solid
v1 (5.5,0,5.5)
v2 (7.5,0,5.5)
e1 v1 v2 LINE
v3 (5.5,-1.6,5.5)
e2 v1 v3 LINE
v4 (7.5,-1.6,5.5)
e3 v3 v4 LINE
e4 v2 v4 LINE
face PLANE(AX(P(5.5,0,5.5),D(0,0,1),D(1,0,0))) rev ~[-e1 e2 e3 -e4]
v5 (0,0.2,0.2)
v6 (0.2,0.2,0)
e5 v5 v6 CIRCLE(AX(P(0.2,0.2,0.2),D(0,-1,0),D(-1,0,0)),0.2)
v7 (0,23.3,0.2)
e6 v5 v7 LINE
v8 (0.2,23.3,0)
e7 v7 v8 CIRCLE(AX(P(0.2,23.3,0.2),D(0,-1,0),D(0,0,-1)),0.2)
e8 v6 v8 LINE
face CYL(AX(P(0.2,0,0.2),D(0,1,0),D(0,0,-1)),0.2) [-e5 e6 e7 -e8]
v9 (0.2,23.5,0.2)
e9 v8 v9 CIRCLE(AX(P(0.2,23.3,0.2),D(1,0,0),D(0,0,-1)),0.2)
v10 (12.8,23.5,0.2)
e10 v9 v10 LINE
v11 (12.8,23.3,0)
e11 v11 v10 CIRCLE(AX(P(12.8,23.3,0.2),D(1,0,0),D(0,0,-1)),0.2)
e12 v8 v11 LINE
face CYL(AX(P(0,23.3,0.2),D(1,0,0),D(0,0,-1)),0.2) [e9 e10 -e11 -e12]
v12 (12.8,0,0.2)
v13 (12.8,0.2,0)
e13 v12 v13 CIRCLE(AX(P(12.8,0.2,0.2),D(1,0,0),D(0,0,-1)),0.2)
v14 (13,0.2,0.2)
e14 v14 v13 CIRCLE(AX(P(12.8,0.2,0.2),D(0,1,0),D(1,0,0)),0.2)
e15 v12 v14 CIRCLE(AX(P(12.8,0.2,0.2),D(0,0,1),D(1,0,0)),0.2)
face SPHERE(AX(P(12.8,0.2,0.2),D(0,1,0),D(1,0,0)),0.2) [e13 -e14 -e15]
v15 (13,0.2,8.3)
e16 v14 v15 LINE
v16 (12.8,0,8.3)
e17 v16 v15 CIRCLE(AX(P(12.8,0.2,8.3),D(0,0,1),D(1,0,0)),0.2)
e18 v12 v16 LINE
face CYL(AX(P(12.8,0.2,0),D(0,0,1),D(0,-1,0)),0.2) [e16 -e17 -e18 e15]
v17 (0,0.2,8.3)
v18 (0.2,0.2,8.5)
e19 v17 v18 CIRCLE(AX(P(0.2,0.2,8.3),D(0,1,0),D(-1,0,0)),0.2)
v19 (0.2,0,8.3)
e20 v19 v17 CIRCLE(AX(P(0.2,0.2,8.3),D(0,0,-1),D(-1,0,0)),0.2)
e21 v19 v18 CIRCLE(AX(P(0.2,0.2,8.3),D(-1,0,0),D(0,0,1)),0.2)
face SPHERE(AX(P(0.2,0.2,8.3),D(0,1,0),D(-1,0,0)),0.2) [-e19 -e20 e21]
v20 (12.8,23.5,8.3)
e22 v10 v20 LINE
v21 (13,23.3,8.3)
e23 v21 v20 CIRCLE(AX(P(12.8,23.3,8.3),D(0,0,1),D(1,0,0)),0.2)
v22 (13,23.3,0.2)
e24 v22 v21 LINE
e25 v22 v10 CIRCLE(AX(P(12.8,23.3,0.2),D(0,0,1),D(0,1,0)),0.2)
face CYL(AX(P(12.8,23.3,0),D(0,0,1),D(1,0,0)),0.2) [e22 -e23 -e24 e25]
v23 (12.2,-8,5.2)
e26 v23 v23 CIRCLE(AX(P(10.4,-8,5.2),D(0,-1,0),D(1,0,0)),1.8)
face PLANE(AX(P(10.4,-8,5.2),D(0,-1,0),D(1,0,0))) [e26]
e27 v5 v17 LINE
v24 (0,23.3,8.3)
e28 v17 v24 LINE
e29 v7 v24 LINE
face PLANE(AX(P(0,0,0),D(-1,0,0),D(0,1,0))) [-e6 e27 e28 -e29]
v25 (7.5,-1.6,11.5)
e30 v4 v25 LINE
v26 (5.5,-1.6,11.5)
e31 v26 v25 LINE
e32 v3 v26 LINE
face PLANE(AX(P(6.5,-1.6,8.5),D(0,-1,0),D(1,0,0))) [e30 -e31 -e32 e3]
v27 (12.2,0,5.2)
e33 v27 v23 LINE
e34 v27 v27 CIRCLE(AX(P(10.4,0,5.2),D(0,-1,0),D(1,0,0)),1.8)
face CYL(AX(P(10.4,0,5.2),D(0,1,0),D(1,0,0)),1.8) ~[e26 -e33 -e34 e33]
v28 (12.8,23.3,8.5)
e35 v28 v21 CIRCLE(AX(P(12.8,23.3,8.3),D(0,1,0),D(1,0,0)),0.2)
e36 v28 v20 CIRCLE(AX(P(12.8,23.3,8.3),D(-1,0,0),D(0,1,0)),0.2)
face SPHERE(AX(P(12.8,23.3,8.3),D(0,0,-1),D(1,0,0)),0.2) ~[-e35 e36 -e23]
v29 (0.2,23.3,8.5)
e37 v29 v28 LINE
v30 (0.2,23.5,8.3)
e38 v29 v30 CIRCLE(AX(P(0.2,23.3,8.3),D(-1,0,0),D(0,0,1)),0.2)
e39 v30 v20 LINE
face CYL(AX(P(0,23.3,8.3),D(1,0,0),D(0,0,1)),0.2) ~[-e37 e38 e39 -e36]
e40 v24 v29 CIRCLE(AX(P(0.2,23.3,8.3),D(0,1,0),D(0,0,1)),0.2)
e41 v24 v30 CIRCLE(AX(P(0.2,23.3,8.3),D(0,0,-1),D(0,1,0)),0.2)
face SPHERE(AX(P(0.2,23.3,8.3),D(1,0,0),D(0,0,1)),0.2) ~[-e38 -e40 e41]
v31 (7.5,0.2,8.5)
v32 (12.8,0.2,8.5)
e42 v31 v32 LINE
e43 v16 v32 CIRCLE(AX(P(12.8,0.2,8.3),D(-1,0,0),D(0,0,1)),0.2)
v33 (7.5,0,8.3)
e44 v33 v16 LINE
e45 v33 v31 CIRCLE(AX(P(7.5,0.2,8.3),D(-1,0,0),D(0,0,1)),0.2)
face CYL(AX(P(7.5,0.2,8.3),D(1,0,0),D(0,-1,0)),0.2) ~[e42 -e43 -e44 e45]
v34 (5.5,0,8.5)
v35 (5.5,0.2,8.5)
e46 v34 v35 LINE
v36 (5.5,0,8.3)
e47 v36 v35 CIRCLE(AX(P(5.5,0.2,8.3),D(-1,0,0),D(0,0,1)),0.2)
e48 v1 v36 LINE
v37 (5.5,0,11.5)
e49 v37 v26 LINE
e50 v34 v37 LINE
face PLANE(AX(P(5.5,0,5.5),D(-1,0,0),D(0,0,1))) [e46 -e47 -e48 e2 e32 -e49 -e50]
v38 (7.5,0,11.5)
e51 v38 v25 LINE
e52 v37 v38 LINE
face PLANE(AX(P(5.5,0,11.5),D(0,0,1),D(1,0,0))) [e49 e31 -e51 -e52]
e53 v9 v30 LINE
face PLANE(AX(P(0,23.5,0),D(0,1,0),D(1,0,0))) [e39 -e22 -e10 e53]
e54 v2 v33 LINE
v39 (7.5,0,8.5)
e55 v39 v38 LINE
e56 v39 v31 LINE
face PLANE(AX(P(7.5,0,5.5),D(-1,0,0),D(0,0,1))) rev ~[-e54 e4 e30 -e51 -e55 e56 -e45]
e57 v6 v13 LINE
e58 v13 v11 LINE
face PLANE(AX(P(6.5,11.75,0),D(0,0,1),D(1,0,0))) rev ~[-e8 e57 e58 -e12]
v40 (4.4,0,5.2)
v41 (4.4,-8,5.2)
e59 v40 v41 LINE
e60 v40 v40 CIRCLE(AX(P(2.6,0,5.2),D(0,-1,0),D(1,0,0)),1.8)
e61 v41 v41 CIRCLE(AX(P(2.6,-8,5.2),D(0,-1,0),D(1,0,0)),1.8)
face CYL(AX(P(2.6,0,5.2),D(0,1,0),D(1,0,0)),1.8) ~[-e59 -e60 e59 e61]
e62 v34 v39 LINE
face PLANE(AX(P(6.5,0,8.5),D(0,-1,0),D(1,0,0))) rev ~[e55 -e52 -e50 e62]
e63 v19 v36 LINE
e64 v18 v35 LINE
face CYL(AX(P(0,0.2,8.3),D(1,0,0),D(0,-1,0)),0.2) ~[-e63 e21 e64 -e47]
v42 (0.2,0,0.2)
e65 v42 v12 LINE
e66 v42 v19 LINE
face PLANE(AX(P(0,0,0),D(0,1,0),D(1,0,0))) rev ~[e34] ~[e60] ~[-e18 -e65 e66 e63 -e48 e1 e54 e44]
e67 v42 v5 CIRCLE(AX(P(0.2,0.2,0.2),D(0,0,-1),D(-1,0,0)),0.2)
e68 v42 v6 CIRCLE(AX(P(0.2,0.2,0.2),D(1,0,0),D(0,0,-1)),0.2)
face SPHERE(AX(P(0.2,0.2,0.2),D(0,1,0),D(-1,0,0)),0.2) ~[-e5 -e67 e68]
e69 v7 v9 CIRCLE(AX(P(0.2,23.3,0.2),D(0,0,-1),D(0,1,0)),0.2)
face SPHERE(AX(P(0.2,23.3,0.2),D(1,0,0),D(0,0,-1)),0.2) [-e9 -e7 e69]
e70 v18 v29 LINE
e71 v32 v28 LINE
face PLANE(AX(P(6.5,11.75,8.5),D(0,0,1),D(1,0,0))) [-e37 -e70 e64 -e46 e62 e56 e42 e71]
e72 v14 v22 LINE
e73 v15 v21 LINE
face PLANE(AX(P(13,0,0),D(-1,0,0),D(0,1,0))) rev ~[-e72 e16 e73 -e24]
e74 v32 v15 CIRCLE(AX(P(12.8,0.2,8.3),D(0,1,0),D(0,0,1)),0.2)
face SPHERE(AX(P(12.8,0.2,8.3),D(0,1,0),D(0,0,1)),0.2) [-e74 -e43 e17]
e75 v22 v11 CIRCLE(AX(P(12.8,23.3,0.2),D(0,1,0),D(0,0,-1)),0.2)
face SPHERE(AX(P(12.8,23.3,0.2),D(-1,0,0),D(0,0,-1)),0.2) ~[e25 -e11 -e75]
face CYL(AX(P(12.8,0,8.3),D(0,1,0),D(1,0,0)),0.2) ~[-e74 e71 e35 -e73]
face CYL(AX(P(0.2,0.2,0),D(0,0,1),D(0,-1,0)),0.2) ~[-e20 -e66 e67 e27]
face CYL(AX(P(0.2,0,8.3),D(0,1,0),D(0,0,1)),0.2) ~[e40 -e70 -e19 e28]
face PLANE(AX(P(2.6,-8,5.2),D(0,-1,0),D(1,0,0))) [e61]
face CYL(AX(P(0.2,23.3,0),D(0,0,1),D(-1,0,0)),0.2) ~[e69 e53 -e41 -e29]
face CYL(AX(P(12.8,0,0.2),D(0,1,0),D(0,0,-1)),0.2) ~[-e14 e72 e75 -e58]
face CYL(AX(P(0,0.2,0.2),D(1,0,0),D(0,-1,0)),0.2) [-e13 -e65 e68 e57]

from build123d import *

# Parameters (mm, degrees)
F0_W     = 13
F0_H     = 23.5
F1_DEPTH = 8.5
F2_R     = 1.8
F3_DEPTH = 8
F4_W     = 2
F4_H     = 6
F5_DEPTH = 1.6
F6_R     = 0.2


with BuildPart() as f1:
    # F0 (on Top) → F1 (new body)
    with BuildSketch(Plane.XY):
        with Locations((6.5, 11.75)):
            Rectangle(F0_W, F0_H)
    extrude(amount=F1_DEPTH)

    # F2 (on face) → F3 (join)
    with BuildSketch(Plane.XZ):
        with Locations((2.6, 5.2)):
            Circle(F2_R)
        with Locations((10.4, 5.2)):
            Circle(F2_R)
    extrude(amount=F3_DEPTH)

    # F4 (on face) → F5 (join)
    with BuildSketch(Plane.XZ):
        with Locations((6.5, 8.5)):
            Rectangle(F4_W, F4_H)
    extrude(amount=F5_DEPTH)

    # F6
    f6_edges = [f1.edges().sort_by_distance(p)[0] for p in [
        (6.5, 23.5, 0),
        (13, 11.75, 0),
        (0, 11.75, 0),
        (13, 23.5, 4.25),
        (13, 11.75, 8.5),
        (6.5, 23.5, 8.5),
        (0, 11.75, 8.5),
        (0, 23.5, 4.25),
        (0, 0, 4.25),
        (2.75, 0, 8.5),
        (10.25, 0, 8.5),
        (13, 0, 4.25),
        (6.5, 0, 0),
    ]]
    fillet(f6_edges, radius=F6_R)


solid = f1.part
